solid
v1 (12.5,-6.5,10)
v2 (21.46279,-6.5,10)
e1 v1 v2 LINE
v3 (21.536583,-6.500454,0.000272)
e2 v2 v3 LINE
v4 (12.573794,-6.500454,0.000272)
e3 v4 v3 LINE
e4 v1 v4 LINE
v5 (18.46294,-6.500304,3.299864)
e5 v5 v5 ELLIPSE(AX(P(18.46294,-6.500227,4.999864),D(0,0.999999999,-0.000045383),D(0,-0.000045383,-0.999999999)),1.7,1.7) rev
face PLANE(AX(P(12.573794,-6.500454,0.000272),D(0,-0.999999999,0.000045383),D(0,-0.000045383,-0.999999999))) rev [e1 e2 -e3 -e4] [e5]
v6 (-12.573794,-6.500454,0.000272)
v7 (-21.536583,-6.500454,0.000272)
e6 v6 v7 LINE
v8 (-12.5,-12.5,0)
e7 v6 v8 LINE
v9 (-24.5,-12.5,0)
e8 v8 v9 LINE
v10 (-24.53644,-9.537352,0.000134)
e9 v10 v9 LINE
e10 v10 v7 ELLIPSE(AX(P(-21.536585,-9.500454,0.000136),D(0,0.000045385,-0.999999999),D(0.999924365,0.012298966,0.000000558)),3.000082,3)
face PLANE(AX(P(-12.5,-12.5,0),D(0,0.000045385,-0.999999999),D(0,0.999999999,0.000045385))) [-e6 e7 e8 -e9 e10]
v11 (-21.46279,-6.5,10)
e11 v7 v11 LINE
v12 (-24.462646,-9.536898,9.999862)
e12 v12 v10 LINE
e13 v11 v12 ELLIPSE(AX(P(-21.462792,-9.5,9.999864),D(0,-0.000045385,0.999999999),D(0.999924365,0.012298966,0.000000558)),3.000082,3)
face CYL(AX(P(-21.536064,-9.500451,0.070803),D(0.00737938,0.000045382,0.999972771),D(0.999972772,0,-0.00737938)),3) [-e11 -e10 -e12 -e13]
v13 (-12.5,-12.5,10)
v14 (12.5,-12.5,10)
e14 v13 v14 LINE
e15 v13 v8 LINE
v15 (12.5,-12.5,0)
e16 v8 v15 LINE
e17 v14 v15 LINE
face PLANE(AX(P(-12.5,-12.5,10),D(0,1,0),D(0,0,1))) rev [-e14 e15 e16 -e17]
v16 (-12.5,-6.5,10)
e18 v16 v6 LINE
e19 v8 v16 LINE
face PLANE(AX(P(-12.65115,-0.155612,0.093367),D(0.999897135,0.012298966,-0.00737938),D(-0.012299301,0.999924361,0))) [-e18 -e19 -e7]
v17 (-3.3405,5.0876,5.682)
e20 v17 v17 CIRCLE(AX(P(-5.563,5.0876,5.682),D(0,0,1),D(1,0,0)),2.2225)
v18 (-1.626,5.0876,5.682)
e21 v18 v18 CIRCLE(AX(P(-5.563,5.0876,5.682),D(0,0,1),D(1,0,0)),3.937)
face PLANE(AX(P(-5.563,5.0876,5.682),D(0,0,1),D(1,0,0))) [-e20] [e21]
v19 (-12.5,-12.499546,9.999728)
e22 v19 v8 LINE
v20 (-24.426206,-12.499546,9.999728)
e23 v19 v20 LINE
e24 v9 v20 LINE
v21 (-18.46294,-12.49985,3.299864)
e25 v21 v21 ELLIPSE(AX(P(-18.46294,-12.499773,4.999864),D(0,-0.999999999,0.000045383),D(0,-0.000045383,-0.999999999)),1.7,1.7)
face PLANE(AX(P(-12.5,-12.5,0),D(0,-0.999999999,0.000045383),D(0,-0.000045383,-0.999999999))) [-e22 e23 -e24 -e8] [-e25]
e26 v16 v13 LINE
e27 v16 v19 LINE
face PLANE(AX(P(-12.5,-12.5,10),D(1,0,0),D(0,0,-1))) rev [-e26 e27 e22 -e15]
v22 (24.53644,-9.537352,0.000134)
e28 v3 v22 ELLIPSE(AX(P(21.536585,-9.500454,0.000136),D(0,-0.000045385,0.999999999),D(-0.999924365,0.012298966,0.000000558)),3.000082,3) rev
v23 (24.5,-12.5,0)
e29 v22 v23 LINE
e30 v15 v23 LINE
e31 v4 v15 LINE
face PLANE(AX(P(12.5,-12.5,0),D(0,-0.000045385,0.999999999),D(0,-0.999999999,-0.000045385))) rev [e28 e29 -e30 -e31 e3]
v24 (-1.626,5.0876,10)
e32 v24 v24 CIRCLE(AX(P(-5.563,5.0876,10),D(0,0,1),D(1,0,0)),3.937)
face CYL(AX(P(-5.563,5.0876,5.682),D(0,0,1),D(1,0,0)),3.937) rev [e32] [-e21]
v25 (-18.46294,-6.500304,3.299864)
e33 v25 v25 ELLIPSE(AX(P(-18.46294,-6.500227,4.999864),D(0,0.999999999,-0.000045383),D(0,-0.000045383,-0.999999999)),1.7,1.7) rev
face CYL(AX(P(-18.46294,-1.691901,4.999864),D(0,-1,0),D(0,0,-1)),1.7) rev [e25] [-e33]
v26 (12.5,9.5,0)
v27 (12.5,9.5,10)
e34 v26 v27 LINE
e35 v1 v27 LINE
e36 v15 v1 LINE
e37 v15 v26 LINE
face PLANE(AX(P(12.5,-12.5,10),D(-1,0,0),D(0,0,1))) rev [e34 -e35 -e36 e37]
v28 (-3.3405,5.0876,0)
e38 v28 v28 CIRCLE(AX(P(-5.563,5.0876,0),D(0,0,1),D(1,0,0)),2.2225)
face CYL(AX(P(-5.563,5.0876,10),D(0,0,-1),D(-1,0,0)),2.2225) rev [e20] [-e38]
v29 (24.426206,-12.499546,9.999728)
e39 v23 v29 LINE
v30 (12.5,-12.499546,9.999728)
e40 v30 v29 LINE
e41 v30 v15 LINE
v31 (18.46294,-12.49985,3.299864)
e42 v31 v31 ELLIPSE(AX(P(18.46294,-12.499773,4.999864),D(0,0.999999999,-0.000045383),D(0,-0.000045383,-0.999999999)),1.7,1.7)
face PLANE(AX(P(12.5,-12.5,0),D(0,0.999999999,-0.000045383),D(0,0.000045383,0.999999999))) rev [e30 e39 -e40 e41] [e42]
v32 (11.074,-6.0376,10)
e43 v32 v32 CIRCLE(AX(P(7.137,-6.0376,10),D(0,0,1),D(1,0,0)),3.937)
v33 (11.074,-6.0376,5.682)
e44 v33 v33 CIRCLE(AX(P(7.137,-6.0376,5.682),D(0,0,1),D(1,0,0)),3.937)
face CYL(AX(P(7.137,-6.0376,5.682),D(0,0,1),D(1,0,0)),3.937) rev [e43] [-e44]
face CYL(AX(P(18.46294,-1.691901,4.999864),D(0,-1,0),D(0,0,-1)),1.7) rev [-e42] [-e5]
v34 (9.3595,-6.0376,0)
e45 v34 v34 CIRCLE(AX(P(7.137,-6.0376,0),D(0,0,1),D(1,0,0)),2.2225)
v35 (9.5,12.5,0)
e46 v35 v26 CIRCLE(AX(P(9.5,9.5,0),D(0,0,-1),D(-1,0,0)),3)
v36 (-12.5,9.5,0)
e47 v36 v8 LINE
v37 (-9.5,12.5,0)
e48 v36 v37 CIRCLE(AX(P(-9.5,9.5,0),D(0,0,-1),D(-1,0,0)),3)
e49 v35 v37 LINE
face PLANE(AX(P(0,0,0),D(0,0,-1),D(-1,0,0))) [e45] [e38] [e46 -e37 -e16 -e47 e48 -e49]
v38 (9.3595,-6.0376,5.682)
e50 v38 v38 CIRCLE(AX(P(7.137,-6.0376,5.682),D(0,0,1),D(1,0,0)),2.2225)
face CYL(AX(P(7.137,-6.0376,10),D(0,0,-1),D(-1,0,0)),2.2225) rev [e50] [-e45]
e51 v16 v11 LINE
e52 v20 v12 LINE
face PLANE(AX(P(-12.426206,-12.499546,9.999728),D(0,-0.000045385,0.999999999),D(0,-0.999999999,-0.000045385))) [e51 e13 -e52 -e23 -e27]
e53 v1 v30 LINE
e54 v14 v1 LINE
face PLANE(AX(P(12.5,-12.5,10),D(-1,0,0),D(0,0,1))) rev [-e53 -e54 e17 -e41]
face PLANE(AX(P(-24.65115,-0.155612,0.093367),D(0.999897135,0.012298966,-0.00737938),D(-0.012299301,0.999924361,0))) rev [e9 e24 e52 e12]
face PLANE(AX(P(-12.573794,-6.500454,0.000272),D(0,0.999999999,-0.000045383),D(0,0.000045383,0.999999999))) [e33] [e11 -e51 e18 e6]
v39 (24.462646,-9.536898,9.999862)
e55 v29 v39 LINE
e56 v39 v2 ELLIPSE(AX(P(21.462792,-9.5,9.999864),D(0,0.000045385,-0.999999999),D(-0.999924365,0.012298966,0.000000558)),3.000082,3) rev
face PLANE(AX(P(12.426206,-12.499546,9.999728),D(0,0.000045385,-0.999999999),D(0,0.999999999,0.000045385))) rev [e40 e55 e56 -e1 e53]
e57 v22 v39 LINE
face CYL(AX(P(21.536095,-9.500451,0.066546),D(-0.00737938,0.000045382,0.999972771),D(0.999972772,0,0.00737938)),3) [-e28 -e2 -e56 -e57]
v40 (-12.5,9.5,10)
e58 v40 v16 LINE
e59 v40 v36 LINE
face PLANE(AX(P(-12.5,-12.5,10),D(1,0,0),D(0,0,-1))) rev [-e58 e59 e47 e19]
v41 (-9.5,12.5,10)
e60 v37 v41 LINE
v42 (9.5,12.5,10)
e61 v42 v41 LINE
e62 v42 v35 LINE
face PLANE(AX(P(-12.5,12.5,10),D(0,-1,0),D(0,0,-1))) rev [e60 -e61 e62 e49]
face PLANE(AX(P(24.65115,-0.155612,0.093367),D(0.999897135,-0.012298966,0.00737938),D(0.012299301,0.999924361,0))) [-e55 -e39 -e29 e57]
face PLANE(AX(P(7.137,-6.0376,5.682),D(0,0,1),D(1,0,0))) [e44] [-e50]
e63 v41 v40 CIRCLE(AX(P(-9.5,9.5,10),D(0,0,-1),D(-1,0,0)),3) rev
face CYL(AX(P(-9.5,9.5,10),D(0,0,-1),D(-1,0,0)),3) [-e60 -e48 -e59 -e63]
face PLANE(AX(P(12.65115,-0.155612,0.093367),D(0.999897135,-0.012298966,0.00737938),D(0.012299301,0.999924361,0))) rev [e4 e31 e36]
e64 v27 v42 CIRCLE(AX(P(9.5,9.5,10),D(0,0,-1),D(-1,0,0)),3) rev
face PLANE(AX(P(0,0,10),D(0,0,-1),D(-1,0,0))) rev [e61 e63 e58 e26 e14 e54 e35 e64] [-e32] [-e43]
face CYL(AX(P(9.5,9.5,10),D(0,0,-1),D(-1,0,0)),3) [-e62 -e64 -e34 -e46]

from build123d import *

# Parameters (mm, degrees)
SKETCH1_W           = 25
SKETCH1_H           = 25
SKETCH1_R           = 2.2225
BOSS_EXTRUDE1_DEPTH = 10
SKETCH2_R           = 3.937
CUT_EXTRUDE3_DEPTH  = 4.318
BOSS_EXTRUDE2_DEPTH = 12
FILLET1_R           = 3
CUT_EXTRUDE4_REACH  = 38.454
SKETCH3_R           = 1.7
FILLET2_R           = 3


with BuildPart() as part:
    # Sketch1 → Boss-Extrude1 (new body)
    with BuildSketch(Plane.XY):
        Rectangle(SKETCH1_W, SKETCH1_H)
        with Locations((-5.563, 5.0876)):
            Circle(SKETCH1_R, mode=Mode.SUBTRACT)
        with Locations((7.137, -6.0376)):
            Circle(SKETCH1_R, mode=Mode.SUBTRACT)
    extrude(amount=BOSS_EXTRUDE1_DEPTH)

    # Sketch2 → Cut-Extrude3 (cut)
    with BuildSketch(Plane.XY.offset(10)):
        with Locations((-5.563, 5.0876)):
            Circle(SKETCH2_R)
        with Locations((7.137, -6.0376)):
            Circle(SKETCH2_R)
    extrude(amount=-CUT_EXTRUDE3_DEPTH, mode=Mode.SUBTRACT)

    # 3DSketch1 → Boss-Extrude2 (add, along a direction that is not the sketch's normal)
    with BuildSketch(Plane(origin=(-12.5, -12.5, 0), x_dir=(0, 0.5144957554275265, 0.8574929257125442), z_dir=(-0.999897134802458, -0.012298966175927167, 0.007379379705556298))):
        Polygon((0, 0), (3.086974533, 5.144957554), (11.66190379, 0), (8.574929257, -5.144957554), align=None)
    boss_extrude2 = extrude(amount=BOSS_EXTRUDE2_DEPTH, dir=(-1, 0, 0))

    # Mirror1: Boss-Extrude2 across plane
    add(boss_extrude2.mirror(Plane(origin=(0, 0, 0), x_dir=(0, 0, 1), z_dir=(1, 0, 0))))

    # Fillet1
    fillet1_edges = [part.edges().sort_by_distance(p)[0] for p in [
        (12.5, 12.5, 5),
        (-12.5, 12.5, 5),
    ]]
    fillet(fillet1_edges, radius=FILLET1_R)

    # Cut-Extrude4: up to this plane
    cut_extrude4_end = Plane(origin=(-12.573793797, -6.500453817, 0.00027229), z_dir=(0, 0.9999999989701944, -4.538294048436099e-05))
    # Sketch3 → Cut-Extrude4 (cut, up to the surface)
    with BuildSketch(Plane.XZ.offset(12.5), mode=Mode.PRIVATE) as cut_extrude4_sk1:
        with Locations(Location((-18.462939729, 4.999863855, 0), (0, 0, 270))):
            Circle(SKETCH3_R)
    cut_extrude4_tool1 = split(extrude(cut_extrude4_sk1.sketch, amount=-CUT_EXTRUDE4_REACH, mode=Mode.PRIVATE), bisect_by=cut_extrude4_end, keep=Keep.BOTH, mode=Mode.PRIVATE)
    add(cut_extrude4_tool1.solids().sort_by_distance((-18.46294, -12.5, 4.999864))[0], mode=Mode.SUBTRACT)
    # Sketch3 → Cut-Extrude4 (cut, up to the surface)
    with BuildSketch(Plane.XZ.offset(12.5), mode=Mode.PRIVATE) as cut_extrude4_sk2:
        with Locations(Location((18.462939729, 4.999863855, 0), (0, 0, 270))):
            Circle(SKETCH3_R)
    cut_extrude4_tool2 = split(extrude(cut_extrude4_sk2.sketch, amount=-CUT_EXTRUDE4_REACH, mode=Mode.PRIVATE), bisect_by=cut_extrude4_end, keep=Keep.BOTH, mode=Mode.PRIVATE)
    add(cut_extrude4_tool2.solids().sort_by_distance((18.46294, -12.5, 4.999864))[0], mode=Mode.SUBTRACT)

    # Fillet2
    fillet2_edges = [part.edges().sort_by_distance(p)[0] for p in [
        (-24.536896899, -6.500226909, 5.000136145),
        (24.536896899, -6.500226909, 5.000136145),
    ]]
    fillet(fillet2_edges, radius=FILLET2_R)


solid = part.part
